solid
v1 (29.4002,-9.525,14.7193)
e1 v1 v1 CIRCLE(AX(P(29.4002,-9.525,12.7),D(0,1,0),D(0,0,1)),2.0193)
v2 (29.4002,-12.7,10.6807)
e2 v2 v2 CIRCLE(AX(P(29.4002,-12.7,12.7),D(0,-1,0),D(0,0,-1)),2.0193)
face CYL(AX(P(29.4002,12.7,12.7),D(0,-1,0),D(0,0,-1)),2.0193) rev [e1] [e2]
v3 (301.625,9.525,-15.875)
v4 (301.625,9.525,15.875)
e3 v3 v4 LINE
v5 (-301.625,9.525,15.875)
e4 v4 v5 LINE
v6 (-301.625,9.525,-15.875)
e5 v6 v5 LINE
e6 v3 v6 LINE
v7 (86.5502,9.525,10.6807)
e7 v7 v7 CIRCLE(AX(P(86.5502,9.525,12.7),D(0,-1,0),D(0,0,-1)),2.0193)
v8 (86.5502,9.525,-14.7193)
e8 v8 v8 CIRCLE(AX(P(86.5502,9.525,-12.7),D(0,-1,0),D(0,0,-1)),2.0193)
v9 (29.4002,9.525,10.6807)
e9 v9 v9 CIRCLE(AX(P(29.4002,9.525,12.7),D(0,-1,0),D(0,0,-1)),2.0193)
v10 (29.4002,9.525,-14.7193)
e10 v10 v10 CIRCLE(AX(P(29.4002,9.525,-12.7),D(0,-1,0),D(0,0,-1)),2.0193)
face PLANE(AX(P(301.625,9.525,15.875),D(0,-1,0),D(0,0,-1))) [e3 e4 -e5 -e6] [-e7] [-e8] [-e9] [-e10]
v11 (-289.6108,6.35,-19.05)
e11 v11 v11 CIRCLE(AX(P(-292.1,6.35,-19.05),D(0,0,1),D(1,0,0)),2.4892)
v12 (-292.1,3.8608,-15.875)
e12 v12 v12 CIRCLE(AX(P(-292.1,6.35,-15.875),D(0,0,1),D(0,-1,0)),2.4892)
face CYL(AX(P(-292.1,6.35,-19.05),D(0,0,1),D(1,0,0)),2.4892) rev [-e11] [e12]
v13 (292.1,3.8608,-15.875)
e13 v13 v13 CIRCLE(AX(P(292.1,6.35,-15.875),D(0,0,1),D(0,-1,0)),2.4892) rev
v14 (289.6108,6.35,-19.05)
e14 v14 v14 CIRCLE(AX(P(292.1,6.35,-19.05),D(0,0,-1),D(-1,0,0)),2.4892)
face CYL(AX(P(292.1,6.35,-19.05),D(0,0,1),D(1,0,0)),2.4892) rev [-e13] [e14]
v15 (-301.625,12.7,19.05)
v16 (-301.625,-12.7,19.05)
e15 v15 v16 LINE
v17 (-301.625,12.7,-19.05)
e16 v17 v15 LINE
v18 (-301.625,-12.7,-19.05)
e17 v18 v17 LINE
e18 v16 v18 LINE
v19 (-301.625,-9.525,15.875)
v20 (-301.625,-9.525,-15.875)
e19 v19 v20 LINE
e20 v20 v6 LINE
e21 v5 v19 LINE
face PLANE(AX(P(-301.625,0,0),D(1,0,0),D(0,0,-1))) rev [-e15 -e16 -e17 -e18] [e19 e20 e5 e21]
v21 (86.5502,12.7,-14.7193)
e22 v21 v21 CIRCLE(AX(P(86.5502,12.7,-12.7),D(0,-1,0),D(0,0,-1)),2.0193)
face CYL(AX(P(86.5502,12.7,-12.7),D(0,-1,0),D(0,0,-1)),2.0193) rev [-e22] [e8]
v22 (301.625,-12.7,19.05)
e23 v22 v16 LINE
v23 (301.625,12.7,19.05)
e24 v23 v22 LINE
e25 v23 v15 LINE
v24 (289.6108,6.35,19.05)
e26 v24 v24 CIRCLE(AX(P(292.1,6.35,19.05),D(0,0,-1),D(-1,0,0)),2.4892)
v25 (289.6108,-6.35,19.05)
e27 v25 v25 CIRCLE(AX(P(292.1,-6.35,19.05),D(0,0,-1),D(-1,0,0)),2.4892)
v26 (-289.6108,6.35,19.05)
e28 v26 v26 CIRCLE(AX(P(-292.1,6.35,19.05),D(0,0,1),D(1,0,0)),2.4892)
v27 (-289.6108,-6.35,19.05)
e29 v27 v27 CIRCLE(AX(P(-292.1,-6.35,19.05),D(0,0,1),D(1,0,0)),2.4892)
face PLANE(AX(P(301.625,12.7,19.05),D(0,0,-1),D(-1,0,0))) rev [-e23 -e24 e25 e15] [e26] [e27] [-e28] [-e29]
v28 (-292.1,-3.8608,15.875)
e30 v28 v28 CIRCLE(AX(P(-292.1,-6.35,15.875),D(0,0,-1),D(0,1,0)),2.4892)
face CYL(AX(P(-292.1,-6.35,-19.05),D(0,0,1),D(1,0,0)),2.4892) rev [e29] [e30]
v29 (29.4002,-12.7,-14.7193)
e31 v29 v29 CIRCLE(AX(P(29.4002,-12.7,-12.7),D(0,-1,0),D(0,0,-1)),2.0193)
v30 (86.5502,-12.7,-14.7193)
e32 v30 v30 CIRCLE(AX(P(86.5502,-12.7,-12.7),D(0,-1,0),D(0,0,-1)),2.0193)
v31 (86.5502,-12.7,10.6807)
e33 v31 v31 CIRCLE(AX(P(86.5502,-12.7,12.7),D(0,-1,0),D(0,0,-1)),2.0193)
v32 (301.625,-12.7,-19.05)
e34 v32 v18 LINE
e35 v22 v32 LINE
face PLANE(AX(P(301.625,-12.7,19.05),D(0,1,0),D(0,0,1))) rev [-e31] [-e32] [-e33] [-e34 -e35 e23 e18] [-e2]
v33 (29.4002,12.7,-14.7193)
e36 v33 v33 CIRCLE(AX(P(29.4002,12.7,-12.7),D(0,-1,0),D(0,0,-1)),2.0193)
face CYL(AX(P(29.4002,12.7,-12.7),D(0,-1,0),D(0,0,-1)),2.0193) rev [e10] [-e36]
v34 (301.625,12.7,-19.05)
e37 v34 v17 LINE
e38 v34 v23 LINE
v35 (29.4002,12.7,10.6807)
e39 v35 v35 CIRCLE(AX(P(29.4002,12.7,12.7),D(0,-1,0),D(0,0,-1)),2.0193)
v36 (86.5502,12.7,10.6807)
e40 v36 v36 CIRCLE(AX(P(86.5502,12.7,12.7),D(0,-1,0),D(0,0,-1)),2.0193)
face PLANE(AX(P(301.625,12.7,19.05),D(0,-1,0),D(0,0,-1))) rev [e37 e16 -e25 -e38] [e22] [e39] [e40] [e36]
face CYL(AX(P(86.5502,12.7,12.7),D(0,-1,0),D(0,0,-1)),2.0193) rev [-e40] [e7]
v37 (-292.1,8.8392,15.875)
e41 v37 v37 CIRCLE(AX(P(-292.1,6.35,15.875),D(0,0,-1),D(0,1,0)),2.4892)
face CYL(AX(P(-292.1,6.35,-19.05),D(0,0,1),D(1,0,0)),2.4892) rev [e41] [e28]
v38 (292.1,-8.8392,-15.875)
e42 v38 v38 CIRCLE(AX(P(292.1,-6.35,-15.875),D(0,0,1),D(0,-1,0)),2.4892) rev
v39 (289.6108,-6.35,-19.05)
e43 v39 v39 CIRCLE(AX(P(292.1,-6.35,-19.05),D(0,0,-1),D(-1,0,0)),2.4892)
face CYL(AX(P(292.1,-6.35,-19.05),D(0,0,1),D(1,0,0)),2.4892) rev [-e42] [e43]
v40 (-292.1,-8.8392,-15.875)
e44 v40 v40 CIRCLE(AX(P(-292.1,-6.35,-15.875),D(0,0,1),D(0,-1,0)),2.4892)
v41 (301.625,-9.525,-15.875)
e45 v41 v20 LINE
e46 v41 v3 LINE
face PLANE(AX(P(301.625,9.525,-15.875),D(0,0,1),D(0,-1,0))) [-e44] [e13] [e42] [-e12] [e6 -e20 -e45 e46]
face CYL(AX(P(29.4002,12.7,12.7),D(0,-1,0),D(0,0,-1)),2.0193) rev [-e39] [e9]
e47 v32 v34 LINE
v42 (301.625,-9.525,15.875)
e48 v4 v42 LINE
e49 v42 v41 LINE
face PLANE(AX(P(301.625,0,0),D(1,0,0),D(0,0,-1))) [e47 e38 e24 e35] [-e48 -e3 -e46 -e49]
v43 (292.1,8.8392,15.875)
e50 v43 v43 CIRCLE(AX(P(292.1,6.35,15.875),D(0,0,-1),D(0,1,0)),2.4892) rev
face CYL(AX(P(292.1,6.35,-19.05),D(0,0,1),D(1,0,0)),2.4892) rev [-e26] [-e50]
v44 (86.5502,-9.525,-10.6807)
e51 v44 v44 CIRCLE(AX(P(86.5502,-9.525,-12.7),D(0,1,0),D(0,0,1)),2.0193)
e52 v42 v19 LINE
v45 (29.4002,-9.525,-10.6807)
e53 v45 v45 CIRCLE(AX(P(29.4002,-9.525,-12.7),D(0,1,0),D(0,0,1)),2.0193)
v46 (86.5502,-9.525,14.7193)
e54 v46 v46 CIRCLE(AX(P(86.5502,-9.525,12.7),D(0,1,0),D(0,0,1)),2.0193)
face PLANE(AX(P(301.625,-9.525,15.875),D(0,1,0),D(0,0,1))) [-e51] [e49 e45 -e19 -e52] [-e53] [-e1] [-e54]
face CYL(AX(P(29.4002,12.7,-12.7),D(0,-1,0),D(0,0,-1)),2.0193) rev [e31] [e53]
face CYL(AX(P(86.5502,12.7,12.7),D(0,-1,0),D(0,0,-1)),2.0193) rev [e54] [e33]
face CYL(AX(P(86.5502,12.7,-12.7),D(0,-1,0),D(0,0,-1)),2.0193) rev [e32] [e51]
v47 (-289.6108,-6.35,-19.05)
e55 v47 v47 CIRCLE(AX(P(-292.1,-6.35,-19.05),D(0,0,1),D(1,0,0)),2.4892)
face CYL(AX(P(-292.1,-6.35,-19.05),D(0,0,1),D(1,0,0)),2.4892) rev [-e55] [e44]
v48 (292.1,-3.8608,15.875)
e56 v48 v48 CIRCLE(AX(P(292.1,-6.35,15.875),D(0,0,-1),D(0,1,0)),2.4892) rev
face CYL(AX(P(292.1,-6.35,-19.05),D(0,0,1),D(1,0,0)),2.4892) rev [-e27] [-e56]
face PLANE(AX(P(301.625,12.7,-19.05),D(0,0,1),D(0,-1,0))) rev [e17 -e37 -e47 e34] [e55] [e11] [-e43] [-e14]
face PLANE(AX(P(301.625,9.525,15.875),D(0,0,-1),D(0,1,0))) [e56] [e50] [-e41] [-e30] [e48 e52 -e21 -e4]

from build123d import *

# Parameters (mm, degrees)
SKETCH1_W           = 38.1
SKETCH1_H           = 25.4
SKETCH1_W_2         = 31.75
SKETCH1_H_2         = 19.05
BOSS_EXTRUDE1_DEPTH = 301.625
SKETCH2_R           = 2.4892
CUT_EXTRUDE1_DEPTH  = 39.1
SKETCH4_R           = 2.0193
CUT_EXTRUDE2_DEPTH  = 26.4


with BuildPart() as part:
    # Sketch1 → Boss-Extrude1 (new body, symmetric)
    with BuildSketch(Plane(origin=(0, 0, 0), x_dir=(0, 0, -1), z_dir=(1, 0, 0))):
        Rectangle(SKETCH1_W, SKETCH1_H)
        Rectangle(SKETCH1_W_2, SKETCH1_H_2, mode=Mode.SUBTRACT)
    extrude(amount=BOSS_EXTRUDE1_DEPTH, both=True)

    # Sketch2 → Cut-Extrude1 (cut, through all)
    with BuildSketch(Plane.XY.offset(19.05)):
        with Locations((-292.1, 6.35)):
            Circle(SKETCH2_R)
        with Locations((-292.1, -6.35)):
            Circle(SKETCH2_R)
    cut_extrude1 = extrude(amount=-CUT_EXTRUDE1_DEPTH, mode=Mode.SUBTRACT)

    # Mirror1: Cut-Extrude1 across plane
    add(cut_extrude1.mirror(Plane(origin=(0, 0, 0), x_dir=(0, 0, 1), z_dir=(1, 0, 0))), mode=Mode.SUBTRACT)

    # Sketch4 → Cut-Extrude2 (cut, through all)
    with BuildSketch(Plane.XZ.offset(12.7)):
        with Locations((86.5502, -12.7)):
            Circle(SKETCH4_R)
        with Locations((86.5502, 12.7)):
            Circle(SKETCH4_R)
        with Locations((29.4002, 12.7)):
            Circle(SKETCH4_R)
        with Locations((29.4002, -12.7)):
            Circle(SKETCH4_R)
    extrude(amount=-CUT_EXTRUDE2_DEPTH, mode=Mode.SUBTRACT)


solid = part.part
